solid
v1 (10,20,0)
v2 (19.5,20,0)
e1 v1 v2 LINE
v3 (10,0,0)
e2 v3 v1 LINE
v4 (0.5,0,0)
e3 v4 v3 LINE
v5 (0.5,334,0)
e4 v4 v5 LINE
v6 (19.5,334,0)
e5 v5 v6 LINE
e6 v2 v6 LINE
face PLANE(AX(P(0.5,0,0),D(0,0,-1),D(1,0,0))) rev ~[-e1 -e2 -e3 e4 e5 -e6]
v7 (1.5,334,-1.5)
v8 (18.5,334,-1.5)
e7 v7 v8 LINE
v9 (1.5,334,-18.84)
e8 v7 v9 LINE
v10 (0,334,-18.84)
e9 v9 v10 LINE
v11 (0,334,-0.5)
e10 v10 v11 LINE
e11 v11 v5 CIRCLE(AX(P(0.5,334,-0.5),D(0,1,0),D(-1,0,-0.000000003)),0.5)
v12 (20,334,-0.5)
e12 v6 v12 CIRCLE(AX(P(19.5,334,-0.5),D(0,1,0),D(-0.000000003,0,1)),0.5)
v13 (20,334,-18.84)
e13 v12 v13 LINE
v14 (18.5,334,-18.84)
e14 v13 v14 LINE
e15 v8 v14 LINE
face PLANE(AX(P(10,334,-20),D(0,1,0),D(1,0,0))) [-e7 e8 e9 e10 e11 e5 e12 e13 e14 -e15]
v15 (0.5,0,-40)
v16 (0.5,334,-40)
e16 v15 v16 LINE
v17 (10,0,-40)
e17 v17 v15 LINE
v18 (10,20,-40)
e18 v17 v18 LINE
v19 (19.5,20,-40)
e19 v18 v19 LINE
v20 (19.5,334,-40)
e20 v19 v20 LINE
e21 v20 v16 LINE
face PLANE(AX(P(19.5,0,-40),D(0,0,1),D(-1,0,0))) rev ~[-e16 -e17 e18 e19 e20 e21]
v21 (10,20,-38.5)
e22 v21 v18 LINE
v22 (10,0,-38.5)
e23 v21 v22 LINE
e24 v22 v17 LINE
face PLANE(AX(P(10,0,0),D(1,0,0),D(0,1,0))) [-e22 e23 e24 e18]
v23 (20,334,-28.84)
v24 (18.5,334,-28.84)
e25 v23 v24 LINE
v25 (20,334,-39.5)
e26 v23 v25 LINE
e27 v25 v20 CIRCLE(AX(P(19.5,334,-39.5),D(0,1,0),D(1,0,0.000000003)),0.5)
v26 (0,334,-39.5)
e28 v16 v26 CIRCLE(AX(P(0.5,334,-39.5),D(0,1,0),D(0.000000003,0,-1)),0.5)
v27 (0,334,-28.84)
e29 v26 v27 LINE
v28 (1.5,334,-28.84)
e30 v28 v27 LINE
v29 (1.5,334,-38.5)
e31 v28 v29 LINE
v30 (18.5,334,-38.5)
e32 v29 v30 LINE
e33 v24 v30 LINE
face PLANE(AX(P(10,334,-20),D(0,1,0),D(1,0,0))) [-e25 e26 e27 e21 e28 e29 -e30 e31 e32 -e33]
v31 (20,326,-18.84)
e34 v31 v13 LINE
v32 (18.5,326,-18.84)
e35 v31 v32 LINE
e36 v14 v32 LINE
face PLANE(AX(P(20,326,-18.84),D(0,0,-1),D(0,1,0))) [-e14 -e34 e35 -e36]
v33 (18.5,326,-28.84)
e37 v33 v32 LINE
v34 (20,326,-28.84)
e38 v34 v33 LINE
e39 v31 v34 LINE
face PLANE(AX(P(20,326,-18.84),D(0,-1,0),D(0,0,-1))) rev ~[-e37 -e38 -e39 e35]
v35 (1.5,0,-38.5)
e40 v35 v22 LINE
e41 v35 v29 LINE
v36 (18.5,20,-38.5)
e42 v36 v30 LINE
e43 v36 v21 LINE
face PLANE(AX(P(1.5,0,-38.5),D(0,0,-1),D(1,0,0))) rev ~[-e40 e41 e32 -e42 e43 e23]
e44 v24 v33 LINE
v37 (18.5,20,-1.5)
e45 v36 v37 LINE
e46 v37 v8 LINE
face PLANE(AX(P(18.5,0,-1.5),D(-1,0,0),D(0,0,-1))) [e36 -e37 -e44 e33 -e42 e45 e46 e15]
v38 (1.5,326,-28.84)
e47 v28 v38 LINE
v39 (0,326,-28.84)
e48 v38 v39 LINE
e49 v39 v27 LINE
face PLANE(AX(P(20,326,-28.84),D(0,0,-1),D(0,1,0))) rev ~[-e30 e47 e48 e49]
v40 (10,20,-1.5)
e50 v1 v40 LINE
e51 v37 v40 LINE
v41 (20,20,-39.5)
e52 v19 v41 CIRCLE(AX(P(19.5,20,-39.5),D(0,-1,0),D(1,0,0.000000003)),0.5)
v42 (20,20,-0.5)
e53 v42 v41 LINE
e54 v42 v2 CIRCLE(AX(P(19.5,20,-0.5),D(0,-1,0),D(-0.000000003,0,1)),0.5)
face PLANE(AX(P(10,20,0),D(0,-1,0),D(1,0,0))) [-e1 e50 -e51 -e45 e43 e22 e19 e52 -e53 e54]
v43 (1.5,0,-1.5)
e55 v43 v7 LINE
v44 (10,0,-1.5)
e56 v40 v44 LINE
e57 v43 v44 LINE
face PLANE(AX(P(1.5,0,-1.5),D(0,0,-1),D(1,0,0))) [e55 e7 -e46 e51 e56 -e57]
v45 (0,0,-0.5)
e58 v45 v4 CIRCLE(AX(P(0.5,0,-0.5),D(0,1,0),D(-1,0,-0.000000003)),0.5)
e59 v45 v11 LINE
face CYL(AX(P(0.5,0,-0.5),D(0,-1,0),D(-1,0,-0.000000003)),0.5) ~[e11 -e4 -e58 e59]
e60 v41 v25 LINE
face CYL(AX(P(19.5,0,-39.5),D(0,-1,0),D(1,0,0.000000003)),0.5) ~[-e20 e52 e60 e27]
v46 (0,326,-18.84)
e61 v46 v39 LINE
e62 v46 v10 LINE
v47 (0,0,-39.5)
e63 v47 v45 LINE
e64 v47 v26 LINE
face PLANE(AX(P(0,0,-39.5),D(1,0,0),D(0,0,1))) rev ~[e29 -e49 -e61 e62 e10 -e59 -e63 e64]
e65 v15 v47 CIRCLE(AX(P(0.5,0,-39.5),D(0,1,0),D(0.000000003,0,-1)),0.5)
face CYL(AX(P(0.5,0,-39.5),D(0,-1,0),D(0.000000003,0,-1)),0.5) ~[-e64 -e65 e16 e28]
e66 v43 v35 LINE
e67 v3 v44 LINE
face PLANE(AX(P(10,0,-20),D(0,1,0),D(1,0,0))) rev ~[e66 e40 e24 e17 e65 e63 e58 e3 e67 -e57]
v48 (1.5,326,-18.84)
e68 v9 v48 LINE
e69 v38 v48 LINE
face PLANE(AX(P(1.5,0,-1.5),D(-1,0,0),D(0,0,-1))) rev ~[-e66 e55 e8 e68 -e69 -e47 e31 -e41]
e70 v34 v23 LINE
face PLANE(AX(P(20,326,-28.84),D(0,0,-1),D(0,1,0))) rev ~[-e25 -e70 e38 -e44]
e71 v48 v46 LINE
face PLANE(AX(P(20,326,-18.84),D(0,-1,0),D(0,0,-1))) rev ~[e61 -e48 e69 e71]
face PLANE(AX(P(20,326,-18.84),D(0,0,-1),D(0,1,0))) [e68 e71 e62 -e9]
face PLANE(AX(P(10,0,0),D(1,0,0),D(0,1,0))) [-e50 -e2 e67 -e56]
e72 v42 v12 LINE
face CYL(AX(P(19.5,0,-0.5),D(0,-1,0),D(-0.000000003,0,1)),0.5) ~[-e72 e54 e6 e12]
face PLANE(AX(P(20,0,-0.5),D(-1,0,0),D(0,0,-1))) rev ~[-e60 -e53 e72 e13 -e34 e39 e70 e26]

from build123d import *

# Parameters (mm, degrees)
SKETCH1_W           = 17
SKETCH1_H           = 37
BOSS_EXTRUDE1_DEPTH = 334
SKETCH2_W           = 10
SKETCH2_H           = 20
CUT_EXTRUDE1_DEPTH  = 40
SKETCH4_W           = 10
SKETCH4_H           = 8
CUT_EXTRUDE3_DEPTH  = 337.980711614


with BuildPart() as part:
    # Sketch1 → Boss-Extrude1 (new body)
    with BuildSketch(Plane(origin=(0, 0, 0), x_dir=(1, 0, 0), z_dir=(0, 1, 0))):
        with BuildLine():
            Line((0.5, 0), (19.5, 0))
            ThreePointArc((19.5, 0), (19.853553391, 0.146446609), (20, 0.5))
            Line((20, 0.5), (20, 39.5))
            ThreePointArc((20, 39.5), (19.853553391, 39.853553391), (19.5, 40))
            Line((19.5, 40), (0.5, 40))
            ThreePointArc((0.5, 40), (0.146446609, 39.853553391), (0, 39.5))
            Line((0, 39.5), (0, 0.5))
            ThreePointArc((0, 0.5), (0.146446609, 0.146446609), (0.5, 0))
        make_face()
        with Locations((10, 20)):
            Rectangle(SKETCH1_W, SKETCH1_H, mode=Mode.SUBTRACT)
    extrude(amount=BOSS_EXTRUDE1_DEPTH)

    # Sketch2 → Cut-Extrude1 (cut)
    with BuildSketch(Plane.XY):
        with Locations((15, 10)):
            Rectangle(SKETCH2_W, SKETCH2_H)
    extrude(amount=-CUT_EXTRUDE1_DEPTH, mode=Mode.SUBTRACT)

    # Sketch4 → Cut-Extrude3 (cut, through all)
    with BuildSketch(Plane(origin=(20, 0, 0), x_dir=(0, 0, -1), z_dir=(1, 0, 0))):
        with Locations((23.84, 330)):
            Rectangle(SKETCH4_W, SKETCH4_H)
    extrude(amount=-CUT_EXTRUDE3_DEPTH, mode=Mode.SUBTRACT)


solid = part.part
